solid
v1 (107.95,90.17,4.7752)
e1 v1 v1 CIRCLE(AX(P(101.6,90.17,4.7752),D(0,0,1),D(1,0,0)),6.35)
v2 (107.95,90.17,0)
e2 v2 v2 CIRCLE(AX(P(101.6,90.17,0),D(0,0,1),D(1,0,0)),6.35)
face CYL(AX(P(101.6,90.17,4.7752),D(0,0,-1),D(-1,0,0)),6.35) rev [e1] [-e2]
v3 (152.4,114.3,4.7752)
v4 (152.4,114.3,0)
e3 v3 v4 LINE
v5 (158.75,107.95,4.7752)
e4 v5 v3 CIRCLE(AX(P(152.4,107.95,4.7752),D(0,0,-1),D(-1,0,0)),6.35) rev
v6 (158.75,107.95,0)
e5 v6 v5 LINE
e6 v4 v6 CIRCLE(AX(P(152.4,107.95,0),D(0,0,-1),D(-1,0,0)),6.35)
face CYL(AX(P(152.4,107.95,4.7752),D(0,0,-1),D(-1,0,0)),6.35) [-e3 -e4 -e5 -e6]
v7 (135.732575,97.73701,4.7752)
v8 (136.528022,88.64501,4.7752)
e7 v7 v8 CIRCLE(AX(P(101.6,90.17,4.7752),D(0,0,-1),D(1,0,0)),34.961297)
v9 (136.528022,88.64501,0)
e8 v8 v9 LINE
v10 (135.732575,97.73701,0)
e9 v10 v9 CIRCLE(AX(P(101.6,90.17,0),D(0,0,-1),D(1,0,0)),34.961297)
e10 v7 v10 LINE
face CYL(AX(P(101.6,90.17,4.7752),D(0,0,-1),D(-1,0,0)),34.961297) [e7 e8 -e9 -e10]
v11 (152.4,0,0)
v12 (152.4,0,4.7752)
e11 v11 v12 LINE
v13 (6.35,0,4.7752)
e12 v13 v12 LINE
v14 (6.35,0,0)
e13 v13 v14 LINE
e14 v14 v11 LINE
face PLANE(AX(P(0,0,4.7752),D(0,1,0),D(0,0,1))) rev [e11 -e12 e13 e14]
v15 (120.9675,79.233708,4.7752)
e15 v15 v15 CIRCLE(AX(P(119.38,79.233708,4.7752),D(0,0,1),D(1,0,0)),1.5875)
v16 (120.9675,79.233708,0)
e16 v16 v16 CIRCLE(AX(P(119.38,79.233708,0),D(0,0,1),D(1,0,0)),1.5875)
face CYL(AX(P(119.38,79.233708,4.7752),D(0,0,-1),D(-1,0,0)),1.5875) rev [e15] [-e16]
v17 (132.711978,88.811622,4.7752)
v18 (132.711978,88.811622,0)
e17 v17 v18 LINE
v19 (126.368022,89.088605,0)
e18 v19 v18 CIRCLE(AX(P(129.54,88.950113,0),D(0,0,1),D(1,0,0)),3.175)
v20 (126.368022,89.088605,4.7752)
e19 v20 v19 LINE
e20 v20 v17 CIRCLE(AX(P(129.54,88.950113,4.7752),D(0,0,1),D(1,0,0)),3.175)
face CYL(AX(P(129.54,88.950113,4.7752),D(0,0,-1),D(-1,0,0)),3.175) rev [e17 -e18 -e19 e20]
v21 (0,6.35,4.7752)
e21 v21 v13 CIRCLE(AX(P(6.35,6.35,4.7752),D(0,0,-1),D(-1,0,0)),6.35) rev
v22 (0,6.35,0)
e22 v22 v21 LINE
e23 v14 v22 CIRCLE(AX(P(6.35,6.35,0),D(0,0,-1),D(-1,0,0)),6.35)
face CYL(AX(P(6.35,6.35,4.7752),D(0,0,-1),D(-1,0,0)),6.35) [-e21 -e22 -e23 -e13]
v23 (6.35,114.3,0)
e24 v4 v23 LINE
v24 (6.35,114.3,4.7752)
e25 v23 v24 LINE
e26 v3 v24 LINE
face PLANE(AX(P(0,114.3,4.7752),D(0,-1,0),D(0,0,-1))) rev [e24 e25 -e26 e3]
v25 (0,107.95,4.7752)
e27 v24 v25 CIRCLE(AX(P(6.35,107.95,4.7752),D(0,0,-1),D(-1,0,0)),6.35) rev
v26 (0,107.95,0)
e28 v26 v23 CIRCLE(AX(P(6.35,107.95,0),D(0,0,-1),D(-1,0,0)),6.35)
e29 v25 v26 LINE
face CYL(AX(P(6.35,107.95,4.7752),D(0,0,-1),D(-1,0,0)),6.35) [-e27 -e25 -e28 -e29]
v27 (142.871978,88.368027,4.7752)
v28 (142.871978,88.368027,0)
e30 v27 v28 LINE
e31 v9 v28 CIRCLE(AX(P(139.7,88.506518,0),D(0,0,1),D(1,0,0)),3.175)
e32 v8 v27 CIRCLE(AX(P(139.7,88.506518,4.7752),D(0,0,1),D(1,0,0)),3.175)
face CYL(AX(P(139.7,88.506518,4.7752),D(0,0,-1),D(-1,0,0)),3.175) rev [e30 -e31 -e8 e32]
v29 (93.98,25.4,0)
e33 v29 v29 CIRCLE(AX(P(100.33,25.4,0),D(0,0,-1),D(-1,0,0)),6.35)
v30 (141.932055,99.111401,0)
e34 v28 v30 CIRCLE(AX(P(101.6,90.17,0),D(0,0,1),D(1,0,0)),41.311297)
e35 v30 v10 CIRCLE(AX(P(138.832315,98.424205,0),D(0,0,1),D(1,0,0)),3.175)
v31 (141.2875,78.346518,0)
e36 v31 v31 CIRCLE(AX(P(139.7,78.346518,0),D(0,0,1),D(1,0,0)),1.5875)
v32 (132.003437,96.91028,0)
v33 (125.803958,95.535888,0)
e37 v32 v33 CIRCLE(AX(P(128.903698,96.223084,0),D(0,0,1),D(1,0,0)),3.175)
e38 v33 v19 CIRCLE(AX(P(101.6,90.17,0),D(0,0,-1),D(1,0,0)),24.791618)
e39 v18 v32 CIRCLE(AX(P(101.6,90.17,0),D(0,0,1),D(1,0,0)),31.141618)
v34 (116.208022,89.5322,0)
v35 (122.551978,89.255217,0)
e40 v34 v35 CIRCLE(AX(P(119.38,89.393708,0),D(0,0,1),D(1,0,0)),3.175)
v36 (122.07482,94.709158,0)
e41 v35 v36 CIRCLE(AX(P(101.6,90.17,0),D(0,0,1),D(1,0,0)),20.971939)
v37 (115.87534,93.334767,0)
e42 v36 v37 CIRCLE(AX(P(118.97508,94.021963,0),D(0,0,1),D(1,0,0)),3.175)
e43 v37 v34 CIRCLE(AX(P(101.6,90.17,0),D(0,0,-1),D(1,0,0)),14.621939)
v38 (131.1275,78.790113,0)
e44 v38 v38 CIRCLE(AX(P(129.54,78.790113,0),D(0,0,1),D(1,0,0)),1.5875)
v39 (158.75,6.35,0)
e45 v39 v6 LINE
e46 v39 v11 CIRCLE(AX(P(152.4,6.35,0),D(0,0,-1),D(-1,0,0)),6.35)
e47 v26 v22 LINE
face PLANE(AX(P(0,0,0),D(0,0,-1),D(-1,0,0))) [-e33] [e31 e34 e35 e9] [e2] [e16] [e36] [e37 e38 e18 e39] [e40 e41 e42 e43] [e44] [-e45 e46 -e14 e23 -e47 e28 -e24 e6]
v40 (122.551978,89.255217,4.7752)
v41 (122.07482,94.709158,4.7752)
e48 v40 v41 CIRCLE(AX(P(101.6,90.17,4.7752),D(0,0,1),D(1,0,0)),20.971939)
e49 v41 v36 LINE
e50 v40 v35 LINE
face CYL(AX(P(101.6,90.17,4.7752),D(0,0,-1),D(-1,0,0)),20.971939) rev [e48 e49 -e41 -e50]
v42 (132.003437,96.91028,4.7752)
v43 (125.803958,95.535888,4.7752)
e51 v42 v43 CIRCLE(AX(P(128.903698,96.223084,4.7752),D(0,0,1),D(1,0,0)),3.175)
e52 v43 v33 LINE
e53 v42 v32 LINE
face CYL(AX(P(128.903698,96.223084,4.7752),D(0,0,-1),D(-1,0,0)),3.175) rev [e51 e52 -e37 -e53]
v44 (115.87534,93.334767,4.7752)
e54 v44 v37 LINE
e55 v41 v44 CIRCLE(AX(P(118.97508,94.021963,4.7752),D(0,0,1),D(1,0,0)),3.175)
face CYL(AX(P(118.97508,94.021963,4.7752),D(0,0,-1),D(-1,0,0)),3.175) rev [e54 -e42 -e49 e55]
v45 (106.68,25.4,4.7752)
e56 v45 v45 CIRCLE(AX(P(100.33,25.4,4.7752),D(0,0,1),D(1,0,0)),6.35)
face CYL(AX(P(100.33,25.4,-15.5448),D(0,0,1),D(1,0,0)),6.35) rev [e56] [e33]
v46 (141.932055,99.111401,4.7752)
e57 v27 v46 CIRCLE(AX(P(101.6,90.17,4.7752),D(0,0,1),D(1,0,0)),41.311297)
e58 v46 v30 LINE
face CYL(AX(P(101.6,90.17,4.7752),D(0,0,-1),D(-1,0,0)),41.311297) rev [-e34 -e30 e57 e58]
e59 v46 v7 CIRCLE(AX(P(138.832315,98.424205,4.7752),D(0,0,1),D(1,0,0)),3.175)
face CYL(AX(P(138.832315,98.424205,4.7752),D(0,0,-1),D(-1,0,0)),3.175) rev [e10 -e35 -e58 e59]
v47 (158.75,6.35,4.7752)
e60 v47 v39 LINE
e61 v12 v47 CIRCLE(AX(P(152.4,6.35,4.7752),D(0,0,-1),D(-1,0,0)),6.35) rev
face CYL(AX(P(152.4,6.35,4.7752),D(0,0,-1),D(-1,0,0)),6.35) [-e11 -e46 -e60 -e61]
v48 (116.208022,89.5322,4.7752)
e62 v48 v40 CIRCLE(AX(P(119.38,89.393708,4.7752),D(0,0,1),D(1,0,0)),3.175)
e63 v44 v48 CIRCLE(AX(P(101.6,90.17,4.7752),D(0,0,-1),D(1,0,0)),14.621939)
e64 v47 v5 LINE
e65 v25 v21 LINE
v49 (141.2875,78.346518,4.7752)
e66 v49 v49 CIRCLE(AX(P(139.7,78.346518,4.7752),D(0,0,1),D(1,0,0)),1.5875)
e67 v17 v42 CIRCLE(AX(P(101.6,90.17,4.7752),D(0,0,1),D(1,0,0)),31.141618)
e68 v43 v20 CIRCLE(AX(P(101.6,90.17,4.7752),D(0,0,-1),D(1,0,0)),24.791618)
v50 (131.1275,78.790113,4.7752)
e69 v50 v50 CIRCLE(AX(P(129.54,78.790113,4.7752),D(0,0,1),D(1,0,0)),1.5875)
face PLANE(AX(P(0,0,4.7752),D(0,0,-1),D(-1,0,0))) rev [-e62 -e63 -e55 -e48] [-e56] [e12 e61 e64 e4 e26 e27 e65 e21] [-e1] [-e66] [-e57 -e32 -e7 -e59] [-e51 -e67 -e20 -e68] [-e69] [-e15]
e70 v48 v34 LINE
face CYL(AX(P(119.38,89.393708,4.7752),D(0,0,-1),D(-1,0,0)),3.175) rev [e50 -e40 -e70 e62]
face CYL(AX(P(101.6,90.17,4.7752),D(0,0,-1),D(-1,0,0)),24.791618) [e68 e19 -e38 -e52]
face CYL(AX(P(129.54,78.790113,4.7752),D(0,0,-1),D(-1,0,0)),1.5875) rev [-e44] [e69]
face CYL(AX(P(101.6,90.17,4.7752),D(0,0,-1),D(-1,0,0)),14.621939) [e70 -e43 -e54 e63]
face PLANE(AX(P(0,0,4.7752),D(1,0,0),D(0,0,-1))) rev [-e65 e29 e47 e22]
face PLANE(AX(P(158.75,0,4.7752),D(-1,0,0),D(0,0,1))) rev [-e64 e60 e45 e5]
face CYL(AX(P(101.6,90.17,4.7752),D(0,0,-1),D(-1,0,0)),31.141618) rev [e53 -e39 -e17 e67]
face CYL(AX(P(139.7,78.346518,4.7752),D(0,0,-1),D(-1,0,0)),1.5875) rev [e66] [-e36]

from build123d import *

# Parameters (mm, degrees)
SKETCH1_W           = 158.75
SKETCH1_H           = 114.3
SKETCH1_R           = 6.35
SKETCH1_R_2         = 1.5875
BOSS_EXTRUDE1_DEPTH = 4.7752
FILLET2_R           = 6.35
SKETCH2_R           = 6.35
CUT_EXTRUDE1_DEPTH  = 20.32


with BuildPart() as part:
    # Sketch1 → Boss-Extrude1 (new body)
    with BuildSketch(Plane.XY):
        with Locations((79.375, 57.15)):
            Rectangle(SKETCH1_W, SKETCH1_H)
        with Locations((101.6, 90.17)):
            Circle(SKETCH1_R, mode=Mode.SUBTRACT)
        with Locations((119.38, 79.233708435)):
            Circle(SKETCH1_R_2, mode=Mode.SUBTRACT)
        with Locations((129.54, 78.790113255)):
            Circle(SKETCH1_R_2, mode=Mode.SUBTRACT)
        with Locations((139.7, 78.346518075)):
            Circle(SKETCH1_R_2, mode=Mode.SUBTRACT)
        with BuildLine():
            ThreePointArc((122.551978104, 89.25521688), (122.492134184, 91.997824898), (122.074820056, 94.709158325))
            ThreePointArc((122.074820056, 94.709158325), (118.287884459, 97.121702373), (115.87534041, 93.334766776))
            ThreePointArc((115.87534041, 93.334766776), (116.166297851, 91.444385931), (116.208021896, 89.53219999))
            ThreePointArc((116.208021896, 89.53219999), (119.241508445, 86.221730332), (122.551978104, 89.25521688))
        make_face(mode=Mode.SUBTRACT)
        with BuildLine():
            ThreePointArc((142.871978104, 88.36802652), (142.754095346, 93.7705168), (141.932054608, 99.11140124))
            ThreePointArc((141.932054608, 99.11140124), (138.145119011, 101.523945288), (135.732574962, 97.737009691))
            ThreePointArc((135.732574962, 97.737009691), (136.428259013, 93.217077834), (136.528021896, 88.64500963))
            ThreePointArc((136.528021896, 88.64500963), (139.561508445, 85.334539972), (142.871978104, 88.36802652))
        make_face(mode=Mode.SUBTRACT)
        with BuildLine():
            ThreePointArc((132.711978104, 88.8116217), (132.623114765, 92.884170849), (132.003437332, 96.910279782))
            ThreePointArc((132.003437332, 96.910279782), (128.216501735, 99.322823831), (125.803957686, 95.535888234))
            ThreePointArc((125.803957686, 95.535888234), (126.297278432, 92.330731883), (126.368021896, 89.08860481))
            ThreePointArc((126.368021896, 89.08860481), (129.401508445, 85.778135152), (132.711978104, 88.8116217))
        make_face(mode=Mode.SUBTRACT)
    extrude(amount=BOSS_EXTRUDE1_DEPTH)

    # Fillet2
    fillet2_edges = [part.edges().sort_by_distance(p)[0] for p in [
        (0, 114.3, 2.3876),
        (158.75, 114.3, 2.3876),
        (158.75, 0, 2.3876),
        (0, 0, 2.3876),
    ]]
    fillet(fillet2_edges, radius=FILLET2_R)

    # Sketch2 → Cut-Extrude1 (cut)
    with BuildSketch(Plane.XY.offset(4.7752)):
        with Locations((100.33, 25.4)):
            Circle(SKETCH2_R)
    extrude(amount=-CUT_EXTRUDE1_DEPTH, mode=Mode.SUBTRACT)


solid = part.part
